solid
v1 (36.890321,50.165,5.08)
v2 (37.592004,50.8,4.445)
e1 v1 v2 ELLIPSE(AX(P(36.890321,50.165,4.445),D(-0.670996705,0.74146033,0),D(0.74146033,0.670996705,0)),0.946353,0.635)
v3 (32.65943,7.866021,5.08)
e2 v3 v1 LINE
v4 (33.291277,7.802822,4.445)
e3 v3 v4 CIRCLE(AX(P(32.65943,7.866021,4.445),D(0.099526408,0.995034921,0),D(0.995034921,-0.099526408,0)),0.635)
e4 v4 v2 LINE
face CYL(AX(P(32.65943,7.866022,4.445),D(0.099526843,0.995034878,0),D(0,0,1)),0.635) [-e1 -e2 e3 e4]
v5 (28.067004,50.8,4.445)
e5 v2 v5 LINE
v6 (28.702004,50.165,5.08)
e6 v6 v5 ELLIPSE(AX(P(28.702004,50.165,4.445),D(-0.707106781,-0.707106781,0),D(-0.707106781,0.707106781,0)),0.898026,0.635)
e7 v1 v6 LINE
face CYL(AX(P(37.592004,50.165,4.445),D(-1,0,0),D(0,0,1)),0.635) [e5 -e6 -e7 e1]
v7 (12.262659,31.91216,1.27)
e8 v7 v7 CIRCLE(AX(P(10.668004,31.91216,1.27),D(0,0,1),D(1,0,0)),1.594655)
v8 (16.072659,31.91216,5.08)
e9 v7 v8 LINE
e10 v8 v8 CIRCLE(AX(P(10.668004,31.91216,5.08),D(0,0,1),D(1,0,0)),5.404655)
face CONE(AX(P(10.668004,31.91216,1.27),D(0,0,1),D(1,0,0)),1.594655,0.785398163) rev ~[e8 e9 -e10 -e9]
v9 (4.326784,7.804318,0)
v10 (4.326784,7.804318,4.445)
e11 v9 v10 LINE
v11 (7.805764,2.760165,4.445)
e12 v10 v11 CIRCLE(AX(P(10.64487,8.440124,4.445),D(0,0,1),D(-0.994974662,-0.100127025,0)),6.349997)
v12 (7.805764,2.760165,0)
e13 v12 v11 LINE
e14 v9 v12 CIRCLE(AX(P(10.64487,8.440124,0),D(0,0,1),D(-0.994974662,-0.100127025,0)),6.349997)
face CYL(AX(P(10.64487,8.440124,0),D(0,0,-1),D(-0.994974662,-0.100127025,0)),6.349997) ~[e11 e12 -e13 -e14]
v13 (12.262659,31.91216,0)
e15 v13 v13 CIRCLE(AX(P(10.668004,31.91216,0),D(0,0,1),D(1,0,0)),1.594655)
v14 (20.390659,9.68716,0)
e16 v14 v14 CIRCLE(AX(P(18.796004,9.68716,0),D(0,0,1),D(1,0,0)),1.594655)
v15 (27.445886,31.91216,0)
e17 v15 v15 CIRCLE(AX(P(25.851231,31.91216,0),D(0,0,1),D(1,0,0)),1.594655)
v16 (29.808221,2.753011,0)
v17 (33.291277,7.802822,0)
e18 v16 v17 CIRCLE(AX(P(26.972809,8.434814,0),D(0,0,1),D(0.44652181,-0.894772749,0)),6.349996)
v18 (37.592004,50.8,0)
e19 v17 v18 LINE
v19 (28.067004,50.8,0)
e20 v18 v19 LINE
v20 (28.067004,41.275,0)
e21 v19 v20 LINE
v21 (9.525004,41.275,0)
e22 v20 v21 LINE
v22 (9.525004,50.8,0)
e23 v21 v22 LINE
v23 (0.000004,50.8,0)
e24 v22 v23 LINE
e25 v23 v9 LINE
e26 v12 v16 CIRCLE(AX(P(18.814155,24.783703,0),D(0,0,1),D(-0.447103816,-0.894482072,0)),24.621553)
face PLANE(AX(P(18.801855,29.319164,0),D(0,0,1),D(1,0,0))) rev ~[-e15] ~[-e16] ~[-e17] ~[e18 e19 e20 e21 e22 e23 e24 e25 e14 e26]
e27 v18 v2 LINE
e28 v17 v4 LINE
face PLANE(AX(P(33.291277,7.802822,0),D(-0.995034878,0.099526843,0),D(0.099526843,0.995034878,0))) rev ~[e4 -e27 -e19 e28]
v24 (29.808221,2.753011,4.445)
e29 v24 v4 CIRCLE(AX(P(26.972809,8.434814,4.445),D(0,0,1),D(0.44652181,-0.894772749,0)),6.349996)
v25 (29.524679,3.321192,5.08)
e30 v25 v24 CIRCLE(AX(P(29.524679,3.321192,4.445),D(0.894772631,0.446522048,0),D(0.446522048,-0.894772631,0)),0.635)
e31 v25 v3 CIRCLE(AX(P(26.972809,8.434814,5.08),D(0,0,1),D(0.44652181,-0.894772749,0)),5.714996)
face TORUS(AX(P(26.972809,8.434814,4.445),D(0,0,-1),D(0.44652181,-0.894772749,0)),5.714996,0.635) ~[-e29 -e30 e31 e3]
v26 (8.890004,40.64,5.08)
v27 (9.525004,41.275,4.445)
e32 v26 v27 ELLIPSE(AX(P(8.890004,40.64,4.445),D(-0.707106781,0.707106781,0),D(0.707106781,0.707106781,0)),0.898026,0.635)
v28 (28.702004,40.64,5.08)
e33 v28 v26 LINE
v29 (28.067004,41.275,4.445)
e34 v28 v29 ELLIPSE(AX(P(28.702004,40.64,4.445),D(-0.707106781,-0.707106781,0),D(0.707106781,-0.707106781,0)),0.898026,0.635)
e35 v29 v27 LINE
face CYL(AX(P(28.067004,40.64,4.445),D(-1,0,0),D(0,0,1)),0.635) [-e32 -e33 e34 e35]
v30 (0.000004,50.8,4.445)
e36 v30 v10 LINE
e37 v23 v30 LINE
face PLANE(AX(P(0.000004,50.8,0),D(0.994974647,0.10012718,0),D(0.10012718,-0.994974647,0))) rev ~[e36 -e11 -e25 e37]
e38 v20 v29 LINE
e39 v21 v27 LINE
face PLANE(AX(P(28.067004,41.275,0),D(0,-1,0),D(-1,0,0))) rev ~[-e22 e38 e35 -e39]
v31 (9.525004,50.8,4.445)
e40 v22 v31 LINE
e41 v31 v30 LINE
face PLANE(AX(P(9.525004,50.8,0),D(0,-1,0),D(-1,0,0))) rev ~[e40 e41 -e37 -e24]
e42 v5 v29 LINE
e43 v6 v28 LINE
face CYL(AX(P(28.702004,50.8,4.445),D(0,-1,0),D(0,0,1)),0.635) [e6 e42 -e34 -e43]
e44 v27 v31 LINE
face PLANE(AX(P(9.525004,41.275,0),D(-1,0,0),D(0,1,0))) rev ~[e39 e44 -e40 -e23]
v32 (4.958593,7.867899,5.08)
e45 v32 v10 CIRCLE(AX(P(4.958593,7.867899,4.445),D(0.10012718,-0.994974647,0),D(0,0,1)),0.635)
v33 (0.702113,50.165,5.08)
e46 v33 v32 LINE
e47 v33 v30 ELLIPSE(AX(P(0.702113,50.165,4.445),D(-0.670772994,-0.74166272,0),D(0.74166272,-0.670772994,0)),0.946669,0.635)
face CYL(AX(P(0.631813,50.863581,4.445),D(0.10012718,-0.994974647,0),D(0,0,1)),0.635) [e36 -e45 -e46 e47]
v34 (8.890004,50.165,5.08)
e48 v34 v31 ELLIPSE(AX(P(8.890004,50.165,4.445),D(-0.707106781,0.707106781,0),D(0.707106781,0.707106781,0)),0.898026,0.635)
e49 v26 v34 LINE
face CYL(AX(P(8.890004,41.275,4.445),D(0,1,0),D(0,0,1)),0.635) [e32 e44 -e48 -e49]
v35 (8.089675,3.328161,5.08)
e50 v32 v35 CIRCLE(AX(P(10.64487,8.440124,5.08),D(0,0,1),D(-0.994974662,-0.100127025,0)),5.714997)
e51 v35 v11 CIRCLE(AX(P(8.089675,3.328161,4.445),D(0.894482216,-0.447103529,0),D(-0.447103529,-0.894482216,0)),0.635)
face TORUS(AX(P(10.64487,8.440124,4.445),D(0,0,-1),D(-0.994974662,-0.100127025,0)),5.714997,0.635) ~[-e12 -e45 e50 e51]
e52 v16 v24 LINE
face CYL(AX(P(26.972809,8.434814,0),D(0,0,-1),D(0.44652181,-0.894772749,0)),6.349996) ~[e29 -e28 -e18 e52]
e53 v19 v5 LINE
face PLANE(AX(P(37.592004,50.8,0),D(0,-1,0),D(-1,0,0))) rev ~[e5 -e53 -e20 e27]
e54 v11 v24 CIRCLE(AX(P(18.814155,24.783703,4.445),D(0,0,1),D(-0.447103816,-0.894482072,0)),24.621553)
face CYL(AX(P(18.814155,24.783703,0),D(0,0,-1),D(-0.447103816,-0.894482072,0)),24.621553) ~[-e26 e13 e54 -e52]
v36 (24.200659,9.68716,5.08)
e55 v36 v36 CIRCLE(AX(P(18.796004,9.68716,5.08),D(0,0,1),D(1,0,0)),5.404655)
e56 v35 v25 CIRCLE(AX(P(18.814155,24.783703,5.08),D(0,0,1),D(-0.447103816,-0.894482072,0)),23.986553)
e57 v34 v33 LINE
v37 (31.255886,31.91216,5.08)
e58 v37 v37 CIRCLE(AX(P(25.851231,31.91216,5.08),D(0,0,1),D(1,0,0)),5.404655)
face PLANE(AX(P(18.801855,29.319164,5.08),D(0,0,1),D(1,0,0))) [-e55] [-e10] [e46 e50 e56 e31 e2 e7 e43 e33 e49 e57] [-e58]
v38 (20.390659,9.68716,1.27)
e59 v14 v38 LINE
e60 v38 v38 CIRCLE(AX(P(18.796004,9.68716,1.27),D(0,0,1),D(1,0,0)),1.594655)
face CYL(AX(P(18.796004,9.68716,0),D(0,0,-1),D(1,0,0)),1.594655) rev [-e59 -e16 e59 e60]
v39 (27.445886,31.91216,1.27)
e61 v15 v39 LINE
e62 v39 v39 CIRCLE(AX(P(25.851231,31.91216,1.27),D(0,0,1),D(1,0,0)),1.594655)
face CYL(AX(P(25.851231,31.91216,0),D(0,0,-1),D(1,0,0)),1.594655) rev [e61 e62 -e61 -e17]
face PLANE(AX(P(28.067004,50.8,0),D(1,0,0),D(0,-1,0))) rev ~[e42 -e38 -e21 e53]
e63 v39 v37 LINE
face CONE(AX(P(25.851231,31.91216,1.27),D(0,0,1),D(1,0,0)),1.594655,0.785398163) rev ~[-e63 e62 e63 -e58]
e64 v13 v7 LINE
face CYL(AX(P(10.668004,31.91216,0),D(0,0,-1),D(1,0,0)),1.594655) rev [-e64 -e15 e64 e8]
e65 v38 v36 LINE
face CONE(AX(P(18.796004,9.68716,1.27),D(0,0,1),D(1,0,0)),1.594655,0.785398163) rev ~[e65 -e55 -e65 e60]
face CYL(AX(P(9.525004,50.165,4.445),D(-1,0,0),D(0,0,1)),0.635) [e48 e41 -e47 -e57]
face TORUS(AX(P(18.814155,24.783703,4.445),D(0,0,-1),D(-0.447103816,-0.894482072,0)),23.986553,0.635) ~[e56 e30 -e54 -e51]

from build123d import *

# Parameters (mm, degrees)
F0_R     = 1.594655
F1_DEPTH = 5.08
F2_SIZE  = 3.81
F3_R     = 0.635


with BuildPart() as f1:
    # F0 (on Top) → F1 (new body)
    with BuildSketch(Plane.XY):
        with BuildLine():
            Line((4e-06, 50.8), (4.326784, 7.804318))
            ThreePointArc((4.326784, 7.804318), (5.417594, 4.834844), (7.805764, 2.760165))
            ThreePointArc((7.805764, 2.760165), (18.806149, 0.162151), (29.808221, 2.753011))
            ThreePointArc((29.808221, 2.753011), (32.2, 4.829412), (33.291277, 7.802822))
            Line((33.291277, 7.802822), (37.592004, 50.8))
            Line((37.592004, 50.8), (28.067004, 50.8))
            Line((28.067004, 50.8), (28.067004, 41.275))
            Line((28.067004, 41.275), (9.525004, 41.275))
            Line((9.525004, 41.275), (9.525004, 50.8))
            Line((9.525004, 50.8), (4e-06, 50.8))
        make_face()
        with Locations((18.796004, 9.68716)):
            Circle(F0_R, mode=Mode.SUBTRACT)
        with Locations((10.668004, 31.91216)):
            Circle(F0_R, mode=Mode.SUBTRACT)
        with Locations((25.851231, 31.91216)):
            Circle(F0_R, mode=Mode.SUBTRACT)
    extrude(amount=F1_DEPTH)

    # F2
    f2_edges = [f1.edges().sort_by_distance(p)[0] for p in [
        (9.073348, 31.91216, 5.08),
        (24.256576, 31.91216, 5.08),
        (17.201348, 9.68716, 5.08),
    ]]
    chamfer(f2_edges, length=F2_SIZE)

    # F3
    f3_edges = [f1.edges().sort_by_distance(p)[0] for p in [
        (18.806149, 0.162151, 5.08),
        (32.2, 4.829412, 5.08),
        (32.829504, 50.8, 5.08),
        (9.525004, 46.0375, 5.08),
        (35.441641, 29.301411, 5.08),
        (2.163394, 29.302159, 5.08),
        (4.762504, 50.8, 5.08),
        (28.067004, 46.0375, 5.08),
        (5.417594, 4.834844, 5.08),
        (18.796004, 41.275, 5.08),
    ]]
    fillet(f3_edges, radius=F3_R)


solid = f1.part
